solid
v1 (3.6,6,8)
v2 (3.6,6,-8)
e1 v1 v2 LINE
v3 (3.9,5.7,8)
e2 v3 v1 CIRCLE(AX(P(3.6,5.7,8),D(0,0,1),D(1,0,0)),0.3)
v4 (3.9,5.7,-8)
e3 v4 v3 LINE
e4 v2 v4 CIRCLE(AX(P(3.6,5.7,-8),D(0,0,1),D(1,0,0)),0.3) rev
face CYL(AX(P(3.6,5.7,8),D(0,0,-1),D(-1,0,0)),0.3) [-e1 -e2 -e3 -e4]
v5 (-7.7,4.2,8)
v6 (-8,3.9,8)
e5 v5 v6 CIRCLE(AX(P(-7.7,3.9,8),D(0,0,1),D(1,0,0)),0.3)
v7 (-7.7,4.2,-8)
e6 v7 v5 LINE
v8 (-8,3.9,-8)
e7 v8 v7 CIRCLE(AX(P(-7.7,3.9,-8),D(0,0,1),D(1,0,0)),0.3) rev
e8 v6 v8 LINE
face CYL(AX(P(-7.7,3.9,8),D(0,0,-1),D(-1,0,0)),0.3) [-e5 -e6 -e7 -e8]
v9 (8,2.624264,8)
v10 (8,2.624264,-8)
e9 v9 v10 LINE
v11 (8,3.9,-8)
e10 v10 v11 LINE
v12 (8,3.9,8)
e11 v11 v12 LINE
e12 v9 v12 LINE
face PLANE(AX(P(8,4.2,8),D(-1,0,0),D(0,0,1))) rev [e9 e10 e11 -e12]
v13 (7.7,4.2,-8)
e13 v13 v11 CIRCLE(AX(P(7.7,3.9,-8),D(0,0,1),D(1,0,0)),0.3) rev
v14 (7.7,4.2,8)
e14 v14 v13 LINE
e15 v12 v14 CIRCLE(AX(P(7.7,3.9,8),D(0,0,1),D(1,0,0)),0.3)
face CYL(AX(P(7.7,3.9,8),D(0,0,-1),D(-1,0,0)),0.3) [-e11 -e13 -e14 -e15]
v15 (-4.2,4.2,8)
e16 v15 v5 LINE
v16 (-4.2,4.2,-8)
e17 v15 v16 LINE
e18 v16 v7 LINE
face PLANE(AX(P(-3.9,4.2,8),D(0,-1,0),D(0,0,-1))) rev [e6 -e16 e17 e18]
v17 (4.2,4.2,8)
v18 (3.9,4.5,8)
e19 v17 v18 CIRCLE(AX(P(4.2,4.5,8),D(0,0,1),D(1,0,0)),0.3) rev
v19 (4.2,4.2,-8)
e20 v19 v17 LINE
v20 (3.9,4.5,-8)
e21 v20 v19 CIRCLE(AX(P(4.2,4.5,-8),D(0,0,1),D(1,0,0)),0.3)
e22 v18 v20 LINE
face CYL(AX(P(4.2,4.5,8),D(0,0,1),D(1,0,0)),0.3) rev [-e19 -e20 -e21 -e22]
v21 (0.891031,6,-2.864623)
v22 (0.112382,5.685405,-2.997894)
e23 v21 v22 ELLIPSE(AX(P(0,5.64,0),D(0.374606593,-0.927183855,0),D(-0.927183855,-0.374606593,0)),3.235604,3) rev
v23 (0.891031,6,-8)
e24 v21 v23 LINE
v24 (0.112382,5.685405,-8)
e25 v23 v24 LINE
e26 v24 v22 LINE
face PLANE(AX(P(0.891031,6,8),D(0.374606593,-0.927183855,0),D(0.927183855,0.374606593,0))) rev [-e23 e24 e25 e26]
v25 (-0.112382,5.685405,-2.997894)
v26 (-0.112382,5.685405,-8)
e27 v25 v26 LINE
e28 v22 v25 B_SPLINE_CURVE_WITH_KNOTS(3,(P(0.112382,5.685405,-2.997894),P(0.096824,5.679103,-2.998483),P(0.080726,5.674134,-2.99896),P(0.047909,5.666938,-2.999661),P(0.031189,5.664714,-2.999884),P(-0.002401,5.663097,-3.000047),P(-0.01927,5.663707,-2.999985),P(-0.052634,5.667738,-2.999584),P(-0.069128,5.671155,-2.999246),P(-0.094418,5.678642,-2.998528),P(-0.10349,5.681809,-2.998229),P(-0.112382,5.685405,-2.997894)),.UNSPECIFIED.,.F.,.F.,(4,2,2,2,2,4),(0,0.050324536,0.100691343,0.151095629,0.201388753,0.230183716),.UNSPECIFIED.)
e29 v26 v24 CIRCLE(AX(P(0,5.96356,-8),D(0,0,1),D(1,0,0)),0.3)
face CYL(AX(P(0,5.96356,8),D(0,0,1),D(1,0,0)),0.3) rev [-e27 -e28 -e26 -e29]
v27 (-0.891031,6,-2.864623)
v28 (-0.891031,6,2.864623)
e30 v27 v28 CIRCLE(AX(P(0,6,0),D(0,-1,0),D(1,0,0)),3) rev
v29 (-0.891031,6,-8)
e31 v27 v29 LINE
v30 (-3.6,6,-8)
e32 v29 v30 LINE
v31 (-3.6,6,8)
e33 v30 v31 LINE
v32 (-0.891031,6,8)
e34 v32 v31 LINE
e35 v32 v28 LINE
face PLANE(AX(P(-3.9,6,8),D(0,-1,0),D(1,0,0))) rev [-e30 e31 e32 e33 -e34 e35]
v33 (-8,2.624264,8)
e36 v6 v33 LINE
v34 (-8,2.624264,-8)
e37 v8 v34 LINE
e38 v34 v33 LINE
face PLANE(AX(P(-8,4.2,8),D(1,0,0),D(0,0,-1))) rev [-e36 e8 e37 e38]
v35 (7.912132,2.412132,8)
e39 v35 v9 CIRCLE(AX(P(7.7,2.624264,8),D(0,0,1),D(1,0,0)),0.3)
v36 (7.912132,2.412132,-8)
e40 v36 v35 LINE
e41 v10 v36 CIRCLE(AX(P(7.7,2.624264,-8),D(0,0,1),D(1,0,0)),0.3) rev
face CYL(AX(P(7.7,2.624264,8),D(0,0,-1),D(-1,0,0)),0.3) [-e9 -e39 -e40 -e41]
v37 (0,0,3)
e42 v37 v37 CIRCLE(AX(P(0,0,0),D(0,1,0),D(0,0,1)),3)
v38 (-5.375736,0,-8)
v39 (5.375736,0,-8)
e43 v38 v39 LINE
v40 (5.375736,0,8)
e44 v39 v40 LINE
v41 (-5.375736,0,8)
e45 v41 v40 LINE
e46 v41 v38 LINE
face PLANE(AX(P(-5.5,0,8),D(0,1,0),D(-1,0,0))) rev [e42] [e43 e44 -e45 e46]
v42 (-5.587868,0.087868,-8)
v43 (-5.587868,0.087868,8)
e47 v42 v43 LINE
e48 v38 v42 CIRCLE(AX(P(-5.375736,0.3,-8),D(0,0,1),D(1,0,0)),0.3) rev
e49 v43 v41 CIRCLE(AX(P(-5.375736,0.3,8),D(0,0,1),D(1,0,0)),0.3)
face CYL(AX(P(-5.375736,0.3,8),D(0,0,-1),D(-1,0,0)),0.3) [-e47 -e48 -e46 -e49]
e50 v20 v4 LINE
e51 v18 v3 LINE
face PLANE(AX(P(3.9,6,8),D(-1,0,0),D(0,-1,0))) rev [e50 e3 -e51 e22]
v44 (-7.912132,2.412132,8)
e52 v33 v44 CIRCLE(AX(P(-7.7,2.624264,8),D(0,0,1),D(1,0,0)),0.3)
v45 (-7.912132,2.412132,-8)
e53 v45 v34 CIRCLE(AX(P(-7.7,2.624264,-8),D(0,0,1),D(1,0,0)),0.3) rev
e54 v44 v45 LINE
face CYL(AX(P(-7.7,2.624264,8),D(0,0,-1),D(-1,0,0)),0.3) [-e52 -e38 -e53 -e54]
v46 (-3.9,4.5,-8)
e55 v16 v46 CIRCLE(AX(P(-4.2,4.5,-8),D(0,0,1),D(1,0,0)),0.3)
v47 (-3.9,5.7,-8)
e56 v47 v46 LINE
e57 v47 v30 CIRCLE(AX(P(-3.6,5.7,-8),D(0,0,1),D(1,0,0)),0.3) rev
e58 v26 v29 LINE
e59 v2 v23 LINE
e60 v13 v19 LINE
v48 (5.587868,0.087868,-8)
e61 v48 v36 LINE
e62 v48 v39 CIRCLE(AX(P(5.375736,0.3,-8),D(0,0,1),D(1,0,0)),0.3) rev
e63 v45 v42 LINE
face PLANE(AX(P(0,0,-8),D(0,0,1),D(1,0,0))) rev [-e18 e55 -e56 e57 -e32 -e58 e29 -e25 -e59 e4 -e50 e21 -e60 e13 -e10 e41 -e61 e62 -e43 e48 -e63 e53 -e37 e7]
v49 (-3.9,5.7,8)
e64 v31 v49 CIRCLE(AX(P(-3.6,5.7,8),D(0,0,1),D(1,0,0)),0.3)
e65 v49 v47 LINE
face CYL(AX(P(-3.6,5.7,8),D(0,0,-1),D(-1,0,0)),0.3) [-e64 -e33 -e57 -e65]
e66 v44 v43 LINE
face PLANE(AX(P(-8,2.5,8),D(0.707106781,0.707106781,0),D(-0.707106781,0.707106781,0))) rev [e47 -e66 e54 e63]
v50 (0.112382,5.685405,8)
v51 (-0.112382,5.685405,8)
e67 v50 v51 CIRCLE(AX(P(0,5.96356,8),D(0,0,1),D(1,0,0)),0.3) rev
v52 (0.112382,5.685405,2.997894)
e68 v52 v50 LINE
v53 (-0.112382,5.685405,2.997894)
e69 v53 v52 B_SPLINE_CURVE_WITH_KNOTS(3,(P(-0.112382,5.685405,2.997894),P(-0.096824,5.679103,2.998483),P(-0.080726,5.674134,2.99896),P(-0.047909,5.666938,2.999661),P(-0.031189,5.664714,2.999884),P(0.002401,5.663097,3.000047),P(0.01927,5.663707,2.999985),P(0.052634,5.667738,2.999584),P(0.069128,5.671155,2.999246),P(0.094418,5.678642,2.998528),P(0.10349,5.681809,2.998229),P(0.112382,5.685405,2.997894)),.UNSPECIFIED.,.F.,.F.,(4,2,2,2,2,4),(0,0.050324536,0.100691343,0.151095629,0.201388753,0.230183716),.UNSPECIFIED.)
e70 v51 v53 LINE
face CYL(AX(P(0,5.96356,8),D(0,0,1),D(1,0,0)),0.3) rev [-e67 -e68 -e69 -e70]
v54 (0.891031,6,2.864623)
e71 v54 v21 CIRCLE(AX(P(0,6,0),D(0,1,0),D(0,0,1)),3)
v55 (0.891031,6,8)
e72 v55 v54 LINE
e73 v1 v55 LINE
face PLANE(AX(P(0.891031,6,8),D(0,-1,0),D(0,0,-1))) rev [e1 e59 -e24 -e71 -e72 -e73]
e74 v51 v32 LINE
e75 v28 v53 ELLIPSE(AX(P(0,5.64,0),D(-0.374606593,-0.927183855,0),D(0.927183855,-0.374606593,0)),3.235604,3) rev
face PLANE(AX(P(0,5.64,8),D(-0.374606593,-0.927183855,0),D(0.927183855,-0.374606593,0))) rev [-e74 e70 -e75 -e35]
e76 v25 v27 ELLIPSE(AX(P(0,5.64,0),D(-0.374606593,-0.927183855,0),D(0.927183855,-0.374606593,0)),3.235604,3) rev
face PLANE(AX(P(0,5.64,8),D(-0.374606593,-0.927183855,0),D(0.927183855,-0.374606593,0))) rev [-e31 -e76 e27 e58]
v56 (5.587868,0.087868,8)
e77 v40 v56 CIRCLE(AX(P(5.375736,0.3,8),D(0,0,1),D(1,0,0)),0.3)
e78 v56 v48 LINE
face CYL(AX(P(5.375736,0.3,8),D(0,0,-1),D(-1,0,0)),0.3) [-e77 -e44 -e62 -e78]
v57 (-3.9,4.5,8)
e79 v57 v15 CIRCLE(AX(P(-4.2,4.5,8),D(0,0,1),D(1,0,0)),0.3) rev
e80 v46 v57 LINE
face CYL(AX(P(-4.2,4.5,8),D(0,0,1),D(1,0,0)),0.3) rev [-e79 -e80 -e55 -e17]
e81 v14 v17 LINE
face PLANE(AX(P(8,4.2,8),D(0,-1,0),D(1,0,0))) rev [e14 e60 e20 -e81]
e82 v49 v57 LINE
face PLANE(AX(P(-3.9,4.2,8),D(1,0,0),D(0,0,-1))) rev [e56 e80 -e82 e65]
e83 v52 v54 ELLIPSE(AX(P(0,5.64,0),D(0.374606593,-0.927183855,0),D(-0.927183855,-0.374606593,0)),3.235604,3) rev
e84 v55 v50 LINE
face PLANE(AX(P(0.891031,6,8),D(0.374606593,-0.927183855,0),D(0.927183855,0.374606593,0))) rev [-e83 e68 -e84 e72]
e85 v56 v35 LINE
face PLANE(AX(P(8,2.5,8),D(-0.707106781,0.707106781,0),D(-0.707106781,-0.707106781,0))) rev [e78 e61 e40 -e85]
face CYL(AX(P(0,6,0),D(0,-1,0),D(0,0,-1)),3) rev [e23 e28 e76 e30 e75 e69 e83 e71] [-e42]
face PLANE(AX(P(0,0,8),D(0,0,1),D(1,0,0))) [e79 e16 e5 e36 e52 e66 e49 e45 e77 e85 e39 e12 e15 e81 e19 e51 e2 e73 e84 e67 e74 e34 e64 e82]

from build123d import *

# Parameters (mm, degrees)
BOSS_EXTRUDE1_DEPTH      = 8
BOSS_EXTRUDE1_DEPTH_BACK = 8
SKETCH9_R                = 3
CUT_EXTRUDE2_DEPTH       = 7
FILLET1_R                = 0.3


with BuildPart() as part:
    # Sketch4 → Boss-Extrude1 (new body, two sides)
    with BuildSketch(Plane.XY) as boss_extrude1_sk:
        Polygon((-8, 4.2), (-8, 2.5), (-5.5, 0), (5.5, 0), (8, 2.5), (8, 4.2), (3.9, 4.2), (3.9, 6), (0.891031267, 6), (0, 5.64), (-0.891031267, 6), (-3.9, 6), (-3.9, 4.2), align=None)
    extrude(amount=BOSS_EXTRUDE1_DEPTH)
    extrude(boss_extrude1_sk.sketch, amount=-BOSS_EXTRUDE1_DEPTH_BACK)

    # Sketch9 → Cut-Extrude2 (cut, through all)
    with BuildSketch(Plane(origin=(0, 0, 0), x_dir=(1, 0, 0), z_dir=(0, 1, 0))):
        Circle(SKETCH9_R)
    extrude(amount=CUT_EXTRUDE2_DEPTH, mode=Mode.SUBTRACT)

    # Fillet1
    fillet1_edges = [part.edges().sort_by_distance(p)[0] for p in [
        (-3.9, 6, 0),
        (-3.9, 4.2, 0),
        (-8, 4.2, 0),
        (-8, 2.5, 0),
        (-5.5, 0, 0),
        (5.5, 0, 0),
        (8, 2.5, 0),
        (8, 4.2, 0),
        (3.9, 4.2, 0),
        (3.9, 6, 0),
        (0, 5.64, -5.5),
        (0, 5.64, 5.5),
    ]]
    fillet(fillet1_edges, radius=FILLET1_R)


solid = part.part
